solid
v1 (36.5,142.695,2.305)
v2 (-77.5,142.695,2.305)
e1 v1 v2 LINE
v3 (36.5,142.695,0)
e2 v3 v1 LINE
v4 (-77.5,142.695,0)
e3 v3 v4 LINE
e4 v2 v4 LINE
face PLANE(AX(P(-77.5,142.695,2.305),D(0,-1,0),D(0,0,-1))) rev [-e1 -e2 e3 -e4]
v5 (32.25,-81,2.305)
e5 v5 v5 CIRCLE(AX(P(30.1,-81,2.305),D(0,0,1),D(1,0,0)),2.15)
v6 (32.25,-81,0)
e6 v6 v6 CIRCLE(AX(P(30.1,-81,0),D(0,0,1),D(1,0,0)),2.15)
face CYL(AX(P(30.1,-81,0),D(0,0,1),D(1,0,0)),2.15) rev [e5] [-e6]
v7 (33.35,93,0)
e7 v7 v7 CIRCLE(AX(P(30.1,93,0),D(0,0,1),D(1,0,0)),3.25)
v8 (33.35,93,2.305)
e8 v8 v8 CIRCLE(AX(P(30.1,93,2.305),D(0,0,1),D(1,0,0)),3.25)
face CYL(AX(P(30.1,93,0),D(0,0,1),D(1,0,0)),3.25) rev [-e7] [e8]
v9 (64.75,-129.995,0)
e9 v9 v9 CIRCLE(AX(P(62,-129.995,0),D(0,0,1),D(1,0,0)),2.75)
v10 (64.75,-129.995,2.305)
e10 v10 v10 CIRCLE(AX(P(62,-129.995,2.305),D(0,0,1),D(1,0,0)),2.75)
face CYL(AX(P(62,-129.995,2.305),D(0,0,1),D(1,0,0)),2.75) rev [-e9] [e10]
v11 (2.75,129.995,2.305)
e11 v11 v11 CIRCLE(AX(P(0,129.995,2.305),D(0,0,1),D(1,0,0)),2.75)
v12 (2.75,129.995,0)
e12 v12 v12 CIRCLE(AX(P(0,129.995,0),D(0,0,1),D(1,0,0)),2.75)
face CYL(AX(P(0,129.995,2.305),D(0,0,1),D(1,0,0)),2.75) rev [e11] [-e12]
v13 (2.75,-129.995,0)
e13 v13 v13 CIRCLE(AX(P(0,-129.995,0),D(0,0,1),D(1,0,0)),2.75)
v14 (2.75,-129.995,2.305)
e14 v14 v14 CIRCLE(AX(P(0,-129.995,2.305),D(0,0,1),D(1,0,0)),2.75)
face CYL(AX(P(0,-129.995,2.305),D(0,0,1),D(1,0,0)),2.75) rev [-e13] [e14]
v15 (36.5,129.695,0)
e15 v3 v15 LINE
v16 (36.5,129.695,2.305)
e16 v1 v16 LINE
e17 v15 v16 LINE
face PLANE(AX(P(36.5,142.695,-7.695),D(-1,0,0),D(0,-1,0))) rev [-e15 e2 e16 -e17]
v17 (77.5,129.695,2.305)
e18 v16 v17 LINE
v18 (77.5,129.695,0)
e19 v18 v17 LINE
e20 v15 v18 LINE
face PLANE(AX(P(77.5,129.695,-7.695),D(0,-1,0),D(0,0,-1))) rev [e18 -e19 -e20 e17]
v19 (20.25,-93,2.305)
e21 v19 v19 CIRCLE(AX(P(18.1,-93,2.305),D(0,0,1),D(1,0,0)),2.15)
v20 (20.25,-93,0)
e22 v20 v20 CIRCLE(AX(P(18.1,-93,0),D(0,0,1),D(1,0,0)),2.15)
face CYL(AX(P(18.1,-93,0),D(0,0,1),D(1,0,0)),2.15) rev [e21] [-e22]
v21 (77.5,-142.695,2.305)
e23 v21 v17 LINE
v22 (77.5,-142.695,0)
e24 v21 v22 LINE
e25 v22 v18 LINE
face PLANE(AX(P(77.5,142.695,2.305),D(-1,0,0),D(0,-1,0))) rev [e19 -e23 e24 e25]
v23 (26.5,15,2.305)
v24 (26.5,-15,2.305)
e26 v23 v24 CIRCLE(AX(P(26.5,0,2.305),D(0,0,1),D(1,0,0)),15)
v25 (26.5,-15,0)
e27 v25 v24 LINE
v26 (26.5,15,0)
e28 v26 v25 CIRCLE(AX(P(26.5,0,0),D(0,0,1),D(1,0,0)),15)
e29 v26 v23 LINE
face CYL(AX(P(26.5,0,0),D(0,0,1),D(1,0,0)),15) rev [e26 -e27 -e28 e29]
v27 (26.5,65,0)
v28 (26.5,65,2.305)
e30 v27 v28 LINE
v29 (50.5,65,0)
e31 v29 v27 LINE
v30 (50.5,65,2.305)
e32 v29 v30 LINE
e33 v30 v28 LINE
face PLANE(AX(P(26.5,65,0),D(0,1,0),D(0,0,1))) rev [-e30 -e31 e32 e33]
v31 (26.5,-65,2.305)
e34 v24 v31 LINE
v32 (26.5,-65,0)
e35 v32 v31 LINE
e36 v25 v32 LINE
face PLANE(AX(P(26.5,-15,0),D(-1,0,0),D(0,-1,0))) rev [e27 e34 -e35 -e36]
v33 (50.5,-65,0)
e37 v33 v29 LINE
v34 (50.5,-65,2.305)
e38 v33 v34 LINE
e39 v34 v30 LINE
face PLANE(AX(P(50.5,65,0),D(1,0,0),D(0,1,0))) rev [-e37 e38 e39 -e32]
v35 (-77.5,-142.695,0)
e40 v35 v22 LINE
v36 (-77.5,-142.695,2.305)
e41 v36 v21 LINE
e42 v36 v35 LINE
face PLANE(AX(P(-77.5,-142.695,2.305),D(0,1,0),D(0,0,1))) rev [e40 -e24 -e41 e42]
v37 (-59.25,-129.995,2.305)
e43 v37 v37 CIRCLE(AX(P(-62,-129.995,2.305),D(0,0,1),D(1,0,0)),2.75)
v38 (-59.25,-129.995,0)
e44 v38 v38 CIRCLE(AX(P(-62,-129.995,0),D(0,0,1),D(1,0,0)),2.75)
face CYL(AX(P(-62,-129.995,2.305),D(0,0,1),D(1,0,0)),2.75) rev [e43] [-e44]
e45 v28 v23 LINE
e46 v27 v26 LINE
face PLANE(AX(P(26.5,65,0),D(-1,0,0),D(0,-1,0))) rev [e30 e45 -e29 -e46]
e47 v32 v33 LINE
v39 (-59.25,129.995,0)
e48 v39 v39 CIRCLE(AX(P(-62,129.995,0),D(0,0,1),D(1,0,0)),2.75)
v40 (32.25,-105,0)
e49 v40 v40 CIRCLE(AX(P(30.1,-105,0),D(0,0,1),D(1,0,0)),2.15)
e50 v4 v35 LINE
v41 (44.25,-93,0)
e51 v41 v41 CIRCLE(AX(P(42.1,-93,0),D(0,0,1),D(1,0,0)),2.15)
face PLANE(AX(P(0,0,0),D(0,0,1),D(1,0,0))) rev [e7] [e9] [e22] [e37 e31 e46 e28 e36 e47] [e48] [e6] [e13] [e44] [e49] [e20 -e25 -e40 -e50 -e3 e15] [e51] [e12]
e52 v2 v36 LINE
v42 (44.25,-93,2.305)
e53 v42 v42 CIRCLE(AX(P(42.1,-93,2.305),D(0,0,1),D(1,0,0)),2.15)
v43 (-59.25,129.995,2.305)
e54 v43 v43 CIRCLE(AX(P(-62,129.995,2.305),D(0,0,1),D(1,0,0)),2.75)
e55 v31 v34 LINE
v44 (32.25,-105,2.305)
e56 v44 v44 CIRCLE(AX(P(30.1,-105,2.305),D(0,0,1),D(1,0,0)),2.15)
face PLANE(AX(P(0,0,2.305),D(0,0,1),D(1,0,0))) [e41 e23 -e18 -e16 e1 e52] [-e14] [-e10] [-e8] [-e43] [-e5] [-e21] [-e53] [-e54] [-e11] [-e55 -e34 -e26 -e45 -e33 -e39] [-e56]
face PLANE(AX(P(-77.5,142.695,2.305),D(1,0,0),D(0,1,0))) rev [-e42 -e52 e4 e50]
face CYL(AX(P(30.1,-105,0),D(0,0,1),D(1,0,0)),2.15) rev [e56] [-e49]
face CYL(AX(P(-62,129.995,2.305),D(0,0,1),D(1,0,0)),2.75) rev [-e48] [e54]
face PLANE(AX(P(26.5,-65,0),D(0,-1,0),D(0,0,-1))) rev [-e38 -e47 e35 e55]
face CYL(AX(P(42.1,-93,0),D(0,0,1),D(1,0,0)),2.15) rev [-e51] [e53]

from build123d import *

# Parameters (mm, degrees)
SKETCH1_W            = 155
SKETCH1_H            = 285.39
BOSS_EXTRUDE1_DEPTH  = 2.305
M5_CLEARANCE_HOLE1_D = 5.5
SKETCH4_R            = 2.15
SKETCH4_R_2          = 3.25
CUT_EXTRUDE1_DEPTH   = 3.305
SKETCH5_W            = 41
SKETCH5_H            = 13
CUT_EXTRUDE2_DEPTH   = 10
CUT_EXTRUDE3_DEPTH   = 3.305


with BuildPart() as part:
    # Sketch1 → Boss-Extrude1 (new body)
    with BuildSketch(Plane.XY):
        Rectangle(SKETCH1_W, SKETCH1_H)
    extrude(amount=BOSS_EXTRUDE1_DEPTH)

    # M5 Clearance Hole1 (through all)
    with Locations(Plane.XY.offset(2.305)):
        with Locations((-62, 129.995), (0, 129.995), (-62, -129.995), (0, -129.995), (62, -129.995)):
            Hole(M5_CLEARANCE_HOLE1_D / 2)

    # Sketch4 → Cut-Extrude1 (cut, through all)
    with BuildSketch(Plane.XY.offset(2.305)):
        with Locations((30.1, -81)):
            Circle(SKETCH4_R)
        with Locations((42.1, -93)):
            Circle(SKETCH4_R)
        with Locations((30.1, -105)):
            Circle(SKETCH4_R)
        with Locations((18.1, -93)):
            Circle(SKETCH4_R)
        with Locations((30.1, 93)):
            Circle(SKETCH4_R_2)
    extrude(amount=-CUT_EXTRUDE1_DEPTH, mode=Mode.SUBTRACT)

    # Sketch5 → Cut-Extrude2 (cut)
    with BuildSketch(Plane.XY.offset(2.305)):
        with Locations((57, 136.195)):
            Rectangle(SKETCH5_W, SKETCH5_H)
    extrude(amount=-CUT_EXTRUDE2_DEPTH, mode=Mode.SUBTRACT)

    # Sketch6 → Cut-Extrude3 (cut, through all)
    with BuildSketch(Plane.XY.offset(2.305)):
        with BuildLine():
            Line((26.5, 65), (50.5, 65))
            Line((50.5, 65), (50.5, -65))
            Line((50.5, -65), (26.5, -65))
            Line((26.5, -65), (26.5, -15))
            ThreePointArc((26.5, -15), (11.5, 0), (26.5, 15))
            Line((26.5, 15), (26.5, 65))
        make_face()
    extrude(amount=-CUT_EXTRUDE3_DEPTH, mode=Mode.SUBTRACT)


solid = part.part
